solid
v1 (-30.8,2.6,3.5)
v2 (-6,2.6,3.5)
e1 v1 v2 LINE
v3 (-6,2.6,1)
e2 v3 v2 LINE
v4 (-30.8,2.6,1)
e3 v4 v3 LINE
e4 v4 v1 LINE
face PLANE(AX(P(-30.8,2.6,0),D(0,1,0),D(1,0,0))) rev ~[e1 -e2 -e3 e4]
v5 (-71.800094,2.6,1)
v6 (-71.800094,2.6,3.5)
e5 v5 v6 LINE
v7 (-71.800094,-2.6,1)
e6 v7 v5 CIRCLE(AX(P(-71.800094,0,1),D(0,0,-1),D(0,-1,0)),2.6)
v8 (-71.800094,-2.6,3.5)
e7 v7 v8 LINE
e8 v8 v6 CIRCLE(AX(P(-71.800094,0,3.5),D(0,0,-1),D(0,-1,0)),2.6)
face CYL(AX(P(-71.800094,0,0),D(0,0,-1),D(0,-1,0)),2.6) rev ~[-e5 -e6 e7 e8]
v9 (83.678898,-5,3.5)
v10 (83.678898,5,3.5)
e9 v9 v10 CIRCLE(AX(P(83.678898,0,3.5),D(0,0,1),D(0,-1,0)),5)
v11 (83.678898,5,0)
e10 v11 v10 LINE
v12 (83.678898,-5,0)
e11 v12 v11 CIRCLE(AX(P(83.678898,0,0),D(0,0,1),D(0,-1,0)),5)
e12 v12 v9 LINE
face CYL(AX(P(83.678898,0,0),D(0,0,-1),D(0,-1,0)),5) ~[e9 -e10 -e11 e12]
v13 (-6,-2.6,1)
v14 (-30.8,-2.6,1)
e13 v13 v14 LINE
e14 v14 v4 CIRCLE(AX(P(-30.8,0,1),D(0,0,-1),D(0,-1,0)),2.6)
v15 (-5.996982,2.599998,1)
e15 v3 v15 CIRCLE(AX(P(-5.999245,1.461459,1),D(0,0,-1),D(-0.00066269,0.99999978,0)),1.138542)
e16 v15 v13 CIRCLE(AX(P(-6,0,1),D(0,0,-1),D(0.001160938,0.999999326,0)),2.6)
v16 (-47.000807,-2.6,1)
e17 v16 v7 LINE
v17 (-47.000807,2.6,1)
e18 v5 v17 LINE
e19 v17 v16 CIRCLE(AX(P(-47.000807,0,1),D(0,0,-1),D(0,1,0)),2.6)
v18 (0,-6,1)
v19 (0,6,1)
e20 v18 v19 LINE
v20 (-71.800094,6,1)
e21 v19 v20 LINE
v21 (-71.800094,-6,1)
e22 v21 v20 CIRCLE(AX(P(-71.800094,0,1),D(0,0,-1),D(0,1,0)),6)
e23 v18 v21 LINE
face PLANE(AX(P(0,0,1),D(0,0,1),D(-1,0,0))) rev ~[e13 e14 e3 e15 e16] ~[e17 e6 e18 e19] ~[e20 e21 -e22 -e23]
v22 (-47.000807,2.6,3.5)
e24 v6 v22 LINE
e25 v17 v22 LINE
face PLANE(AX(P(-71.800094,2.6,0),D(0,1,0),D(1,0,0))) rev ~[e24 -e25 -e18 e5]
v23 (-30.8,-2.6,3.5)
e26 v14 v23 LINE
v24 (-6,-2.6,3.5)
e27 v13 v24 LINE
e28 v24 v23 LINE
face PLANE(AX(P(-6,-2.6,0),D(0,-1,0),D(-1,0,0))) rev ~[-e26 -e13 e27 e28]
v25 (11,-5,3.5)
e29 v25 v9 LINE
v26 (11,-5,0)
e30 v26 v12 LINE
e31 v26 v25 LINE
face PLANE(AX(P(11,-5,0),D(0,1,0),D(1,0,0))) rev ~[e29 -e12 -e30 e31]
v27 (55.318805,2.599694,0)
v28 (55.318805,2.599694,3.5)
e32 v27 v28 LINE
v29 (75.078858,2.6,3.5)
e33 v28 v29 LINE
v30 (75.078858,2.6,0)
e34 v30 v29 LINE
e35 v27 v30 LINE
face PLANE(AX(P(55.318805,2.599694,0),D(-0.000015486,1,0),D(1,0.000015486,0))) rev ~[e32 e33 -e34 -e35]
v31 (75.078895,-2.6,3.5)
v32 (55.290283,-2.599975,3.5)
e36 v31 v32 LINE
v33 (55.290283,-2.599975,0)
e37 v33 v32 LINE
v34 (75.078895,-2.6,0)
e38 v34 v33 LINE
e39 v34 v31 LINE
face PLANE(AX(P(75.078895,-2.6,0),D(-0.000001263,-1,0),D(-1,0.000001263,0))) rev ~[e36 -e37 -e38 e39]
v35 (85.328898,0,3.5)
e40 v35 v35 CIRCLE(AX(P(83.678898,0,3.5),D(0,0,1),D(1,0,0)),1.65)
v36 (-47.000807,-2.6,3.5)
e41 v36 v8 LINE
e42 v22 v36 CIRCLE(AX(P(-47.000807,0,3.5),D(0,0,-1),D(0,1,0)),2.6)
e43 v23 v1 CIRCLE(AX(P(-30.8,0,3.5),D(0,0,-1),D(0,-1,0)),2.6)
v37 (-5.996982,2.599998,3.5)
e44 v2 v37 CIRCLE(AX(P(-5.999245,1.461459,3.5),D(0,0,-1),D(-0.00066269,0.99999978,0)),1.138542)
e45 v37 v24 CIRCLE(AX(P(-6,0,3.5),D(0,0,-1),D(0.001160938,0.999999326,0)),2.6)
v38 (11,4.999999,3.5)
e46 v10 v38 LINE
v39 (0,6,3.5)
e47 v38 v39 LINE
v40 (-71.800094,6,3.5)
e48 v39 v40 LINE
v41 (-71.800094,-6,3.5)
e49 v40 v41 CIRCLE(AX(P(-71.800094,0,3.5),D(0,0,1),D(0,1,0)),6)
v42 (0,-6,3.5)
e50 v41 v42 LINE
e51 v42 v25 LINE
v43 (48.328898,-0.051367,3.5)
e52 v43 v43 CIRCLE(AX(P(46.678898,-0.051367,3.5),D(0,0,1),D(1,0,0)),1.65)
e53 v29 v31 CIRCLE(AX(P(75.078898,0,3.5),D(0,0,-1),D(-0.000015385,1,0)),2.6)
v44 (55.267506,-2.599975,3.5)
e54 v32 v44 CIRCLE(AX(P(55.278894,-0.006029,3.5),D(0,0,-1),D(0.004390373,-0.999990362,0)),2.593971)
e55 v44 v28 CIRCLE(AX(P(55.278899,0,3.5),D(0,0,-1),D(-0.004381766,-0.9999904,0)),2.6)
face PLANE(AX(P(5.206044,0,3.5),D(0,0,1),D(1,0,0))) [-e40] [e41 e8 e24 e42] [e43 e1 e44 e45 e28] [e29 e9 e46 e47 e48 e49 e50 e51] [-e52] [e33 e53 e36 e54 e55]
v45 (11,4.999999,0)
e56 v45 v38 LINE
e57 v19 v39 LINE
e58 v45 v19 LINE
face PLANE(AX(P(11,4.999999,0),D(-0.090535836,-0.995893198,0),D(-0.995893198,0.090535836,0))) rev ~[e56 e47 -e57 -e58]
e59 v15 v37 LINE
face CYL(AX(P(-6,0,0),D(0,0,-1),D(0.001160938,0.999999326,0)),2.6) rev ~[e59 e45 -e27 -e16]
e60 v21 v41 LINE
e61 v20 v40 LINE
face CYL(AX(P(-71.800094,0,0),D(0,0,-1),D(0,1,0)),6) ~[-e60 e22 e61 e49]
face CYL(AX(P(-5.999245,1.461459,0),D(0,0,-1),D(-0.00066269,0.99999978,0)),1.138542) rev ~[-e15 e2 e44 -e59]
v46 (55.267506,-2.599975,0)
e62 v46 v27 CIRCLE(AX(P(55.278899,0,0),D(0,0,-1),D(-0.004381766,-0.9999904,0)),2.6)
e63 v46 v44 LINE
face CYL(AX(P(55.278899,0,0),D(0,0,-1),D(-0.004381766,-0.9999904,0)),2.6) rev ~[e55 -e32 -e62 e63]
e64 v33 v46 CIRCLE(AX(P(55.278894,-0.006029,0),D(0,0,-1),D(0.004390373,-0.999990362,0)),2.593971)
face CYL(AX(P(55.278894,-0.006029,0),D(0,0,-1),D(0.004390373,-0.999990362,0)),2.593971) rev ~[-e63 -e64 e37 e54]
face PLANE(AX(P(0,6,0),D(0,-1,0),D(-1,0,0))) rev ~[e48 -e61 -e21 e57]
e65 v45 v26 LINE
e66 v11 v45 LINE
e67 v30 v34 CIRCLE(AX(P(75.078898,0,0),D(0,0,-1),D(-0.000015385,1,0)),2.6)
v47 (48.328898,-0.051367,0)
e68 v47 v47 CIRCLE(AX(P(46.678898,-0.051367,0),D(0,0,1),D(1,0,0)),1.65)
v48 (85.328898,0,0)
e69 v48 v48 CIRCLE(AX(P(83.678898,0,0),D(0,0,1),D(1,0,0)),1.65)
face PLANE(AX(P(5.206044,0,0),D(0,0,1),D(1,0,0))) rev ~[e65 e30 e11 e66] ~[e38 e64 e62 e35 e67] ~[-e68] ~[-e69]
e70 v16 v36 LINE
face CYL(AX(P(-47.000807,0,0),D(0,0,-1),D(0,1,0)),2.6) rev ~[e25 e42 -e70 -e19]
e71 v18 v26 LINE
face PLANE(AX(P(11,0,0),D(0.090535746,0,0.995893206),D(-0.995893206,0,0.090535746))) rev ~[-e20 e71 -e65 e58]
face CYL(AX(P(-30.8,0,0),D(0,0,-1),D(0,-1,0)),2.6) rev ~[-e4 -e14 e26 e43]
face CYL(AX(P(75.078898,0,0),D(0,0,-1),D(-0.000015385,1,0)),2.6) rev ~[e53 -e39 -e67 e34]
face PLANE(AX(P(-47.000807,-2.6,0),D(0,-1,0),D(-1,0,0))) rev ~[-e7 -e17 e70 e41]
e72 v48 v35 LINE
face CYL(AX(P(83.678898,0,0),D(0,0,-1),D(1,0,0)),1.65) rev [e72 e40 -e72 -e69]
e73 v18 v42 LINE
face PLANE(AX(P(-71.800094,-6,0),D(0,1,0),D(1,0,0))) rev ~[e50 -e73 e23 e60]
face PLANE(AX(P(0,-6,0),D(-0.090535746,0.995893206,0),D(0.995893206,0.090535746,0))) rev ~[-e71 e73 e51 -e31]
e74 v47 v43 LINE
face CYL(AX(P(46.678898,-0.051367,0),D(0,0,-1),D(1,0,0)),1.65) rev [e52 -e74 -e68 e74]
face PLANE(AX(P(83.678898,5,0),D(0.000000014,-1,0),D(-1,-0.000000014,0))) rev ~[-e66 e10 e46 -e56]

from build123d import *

# Parameters (mm, degrees)
F0_R     = 1.65
F1_DEPTH = 3.5
F3_DEPTH = 6


with BuildPart() as f1:
    # F0 (on Top) → F1 (new body)
    with BuildSketch(Plane.XY):
        with BuildLine():
            Line((0, 6), (-71.800094, 6))
            ThreePointArc((-71.800094, 6), (-77.800094, 0), (-71.800094, -6))
            Line((-71.800094, -6), (0, -6))
            Line((0, -6), (11, -5))
            Line((11, -5), (83.678898, -5))
            ThreePointArc((83.678898, -5), (88.678898, 0), (83.678898, 5))
            Line((83.678898, 5), (11, 4.999999))
            Line((11, 4.999999), (0, 6))
        make_face()
        with Locations((46.678898, -0.051367)):
            Circle(F0_R, mode=Mode.SUBTRACT)
        with BuildLine():
            ThreePointArc((75.078858, 2.6), (77.678898, 1.9e-05), (75.078895, -2.6))
            Line((75.078895, -2.6), (55.290283, -2.599975))
            ThreePointArc((55.290283, -2.599975), (55.278895, -2.6), (55.267506, -2.599975))
            ThreePointArc((55.267506, -2.599975), (52.679025, 0.02565), (55.318805, 2.599694))
            Line((55.318805, 2.599694), (75.078858, 2.6))
        make_face(mode=Mode.SUBTRACT)
        with BuildLine():
            ThreePointArc((-71.800094, -2.6), (-74.400094, 0), (-71.800094, 2.6))
            Line((-71.800094, 2.6), (-47.000807, 2.6))
            ThreePointArc((-47.000807, 2.6), (-44.400807, 0), (-47.000807, -2.6))
            Line((-47.000807, -2.6), (-71.800094, -2.6))
        make_face(mode=Mode.SUBTRACT)
        with BuildLine():
            ThreePointArc((-30.8, -2.6), (-33.4, 0), (-30.8, 2.6))
            Line((-30.8, 2.6), (-6, 2.6))
            ThreePointArc((-6, 2.6), (-5.998491, 2.6), (-5.996982, 2.599998))
            ThreePointArc((-5.996982, 2.599998), (-3.400001, -0.001509), (-6, -2.6))
            Line((-6, -2.6), (-30.8, -2.6))
        make_face(mode=Mode.SUBTRACT)
        with Locations((83.678898, 0)):
            Circle(F0_R, mode=Mode.SUBTRACT)
    extrude(amount=F1_DEPTH)

    # F2 (on Front) → F3 (cut, symmetric)
    with BuildSketch(Plane.XZ):
        Polygon((-80.43514, 1), (-80.43514, 0), (11, 0), (0, 1), align=None)
    extrude(amount=F3_DEPTH, both=True, mode=Mode.SUBTRACT)


solid = f1.part
